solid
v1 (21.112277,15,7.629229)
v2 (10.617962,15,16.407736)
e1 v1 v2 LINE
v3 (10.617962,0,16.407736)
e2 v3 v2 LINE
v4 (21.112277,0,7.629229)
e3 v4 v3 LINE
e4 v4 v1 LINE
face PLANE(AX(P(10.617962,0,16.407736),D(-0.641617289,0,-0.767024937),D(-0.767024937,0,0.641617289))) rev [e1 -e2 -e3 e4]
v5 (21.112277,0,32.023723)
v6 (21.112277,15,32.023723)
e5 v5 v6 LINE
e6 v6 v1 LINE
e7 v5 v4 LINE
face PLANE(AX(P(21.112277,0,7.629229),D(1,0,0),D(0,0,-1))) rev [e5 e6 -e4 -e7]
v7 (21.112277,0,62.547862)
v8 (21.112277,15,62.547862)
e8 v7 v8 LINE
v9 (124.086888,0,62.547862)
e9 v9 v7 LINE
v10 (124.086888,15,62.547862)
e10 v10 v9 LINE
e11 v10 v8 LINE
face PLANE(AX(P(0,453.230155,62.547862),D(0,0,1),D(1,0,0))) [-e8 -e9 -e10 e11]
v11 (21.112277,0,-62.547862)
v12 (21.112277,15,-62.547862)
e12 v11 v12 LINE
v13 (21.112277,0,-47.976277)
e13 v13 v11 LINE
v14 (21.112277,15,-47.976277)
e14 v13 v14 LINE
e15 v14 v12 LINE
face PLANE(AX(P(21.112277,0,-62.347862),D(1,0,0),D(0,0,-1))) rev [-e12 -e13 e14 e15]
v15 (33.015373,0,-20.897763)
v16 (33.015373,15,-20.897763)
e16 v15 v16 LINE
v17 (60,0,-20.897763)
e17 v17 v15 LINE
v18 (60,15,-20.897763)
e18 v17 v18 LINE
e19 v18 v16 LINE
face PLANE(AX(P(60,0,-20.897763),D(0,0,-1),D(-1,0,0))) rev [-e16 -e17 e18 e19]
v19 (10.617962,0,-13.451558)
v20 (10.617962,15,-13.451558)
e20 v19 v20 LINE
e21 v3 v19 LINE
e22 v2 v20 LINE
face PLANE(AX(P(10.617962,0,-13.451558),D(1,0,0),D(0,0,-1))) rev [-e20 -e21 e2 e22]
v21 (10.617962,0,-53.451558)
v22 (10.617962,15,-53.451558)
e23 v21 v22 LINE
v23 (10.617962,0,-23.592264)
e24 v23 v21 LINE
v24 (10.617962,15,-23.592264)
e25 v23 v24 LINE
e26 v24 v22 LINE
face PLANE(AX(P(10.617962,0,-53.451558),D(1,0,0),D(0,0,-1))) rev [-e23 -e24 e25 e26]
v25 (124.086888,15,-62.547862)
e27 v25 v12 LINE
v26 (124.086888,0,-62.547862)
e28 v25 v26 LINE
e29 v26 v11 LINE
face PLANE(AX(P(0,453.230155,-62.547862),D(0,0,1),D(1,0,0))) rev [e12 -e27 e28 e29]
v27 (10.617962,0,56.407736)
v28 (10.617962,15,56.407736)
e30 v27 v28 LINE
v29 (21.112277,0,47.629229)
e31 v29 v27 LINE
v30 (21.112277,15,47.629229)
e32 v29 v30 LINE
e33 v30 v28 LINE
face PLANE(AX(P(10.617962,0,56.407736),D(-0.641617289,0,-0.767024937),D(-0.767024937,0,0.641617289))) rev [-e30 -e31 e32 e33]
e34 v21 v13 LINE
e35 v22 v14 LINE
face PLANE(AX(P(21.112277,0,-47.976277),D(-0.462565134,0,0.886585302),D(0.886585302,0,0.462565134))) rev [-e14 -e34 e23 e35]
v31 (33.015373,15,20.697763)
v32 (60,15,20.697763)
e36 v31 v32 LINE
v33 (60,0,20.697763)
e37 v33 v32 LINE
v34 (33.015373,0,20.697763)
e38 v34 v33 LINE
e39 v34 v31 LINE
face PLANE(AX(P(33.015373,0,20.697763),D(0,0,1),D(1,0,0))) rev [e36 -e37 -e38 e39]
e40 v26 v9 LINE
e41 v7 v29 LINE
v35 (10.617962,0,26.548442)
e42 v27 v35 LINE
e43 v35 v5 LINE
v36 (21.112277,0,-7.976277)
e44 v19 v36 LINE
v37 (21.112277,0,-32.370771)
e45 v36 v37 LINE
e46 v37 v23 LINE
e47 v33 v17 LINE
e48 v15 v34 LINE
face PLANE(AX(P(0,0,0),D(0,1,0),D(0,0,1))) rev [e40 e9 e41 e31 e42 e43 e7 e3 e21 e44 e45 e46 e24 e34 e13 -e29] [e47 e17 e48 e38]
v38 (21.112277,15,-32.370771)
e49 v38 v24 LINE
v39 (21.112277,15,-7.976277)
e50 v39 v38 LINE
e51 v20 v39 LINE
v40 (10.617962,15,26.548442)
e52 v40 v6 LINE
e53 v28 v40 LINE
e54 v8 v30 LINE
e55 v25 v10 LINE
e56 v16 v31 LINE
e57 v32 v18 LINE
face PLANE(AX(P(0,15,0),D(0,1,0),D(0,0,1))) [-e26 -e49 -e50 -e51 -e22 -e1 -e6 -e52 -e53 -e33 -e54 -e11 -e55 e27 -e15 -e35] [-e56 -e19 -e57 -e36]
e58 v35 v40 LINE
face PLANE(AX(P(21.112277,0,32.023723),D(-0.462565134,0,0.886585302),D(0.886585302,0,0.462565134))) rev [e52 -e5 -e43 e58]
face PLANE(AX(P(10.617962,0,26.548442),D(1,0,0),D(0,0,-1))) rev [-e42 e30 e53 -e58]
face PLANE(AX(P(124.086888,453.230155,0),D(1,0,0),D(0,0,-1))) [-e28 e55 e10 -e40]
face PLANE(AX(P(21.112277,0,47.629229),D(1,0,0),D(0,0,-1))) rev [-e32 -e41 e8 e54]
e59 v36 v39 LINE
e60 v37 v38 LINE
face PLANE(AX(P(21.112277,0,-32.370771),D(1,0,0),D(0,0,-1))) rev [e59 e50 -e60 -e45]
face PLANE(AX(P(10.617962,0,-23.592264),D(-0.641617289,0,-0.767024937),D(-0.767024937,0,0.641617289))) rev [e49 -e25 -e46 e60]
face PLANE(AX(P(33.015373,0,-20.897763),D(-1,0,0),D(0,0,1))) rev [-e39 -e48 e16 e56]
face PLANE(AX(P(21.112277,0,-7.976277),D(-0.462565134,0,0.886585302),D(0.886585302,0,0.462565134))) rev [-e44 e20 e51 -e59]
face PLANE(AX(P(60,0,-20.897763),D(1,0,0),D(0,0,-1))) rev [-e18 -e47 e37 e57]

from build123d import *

# Parameters (mm, degrees)
SKETCH1_W           = 280
SKETCH1_H           = 210
BOSS_EXTRUDE1_DEPTH = 15
SKETCH2_R           = 5
BOSS_EXTRUDE2_DEPTH = 50
SKETCH3_W           = 10
SKETCH3_H           = 30
BOSS_EXTRUDE3_DEPTH = 50
SKETCH4_R           = 13
CUT_EXTRUDE1_DEPTH  = 20
SKETCH5_W           = 360.4909063
SKETCH5_H           = 249.182613404
SKETCH5_W_2         = 248.173776912
SKETCH5_H_2         = 125.095724948
CUT_EXTRUDE5_DEPTH  = 15
CUT_EXTRUDE6_START  = -65
SKETCH7_R           = 5
CUT_EXTRUDE6_DEPTH  = 65
SKETCH9_W           = 29.33
SKETCH9_H           = 16.92
CUT_EXTRUDE9_DEPTH  = 148.681383345
SKETCH8_R           = 10.1
CUT_EXTRUDE11_DEPTH = 10
SKETCH11_W          = 17.231524428
SKETCH11_H          = 37.334969593
CUT_EXTRUDE13_DEPTH = 50
SKETCH15_W          = 10
SKETCH15_H          = 50
CUT_EXTRUDE14_DEPTH = 5
SKETCH13_W          = 26.98462743
SKETCH13_H          = 41.59552633
CUT_EXTRUDE17_DEPTH = 140.766916639
CUT_EXTRUDE18_DEPTH = 140.766916639


with BuildPart() as part:
    # Sketch1 → Boss-Extrude1 (new body)
    with BuildSketch(Plane(origin=(0, 0, 0), x_dir=(1, 0, 0), z_dir=(0, 1, 0))):
        Rectangle(SKETCH1_W, SKETCH1_H)
    extrude(amount=BOSS_EXTRUDE1_DEPTH)

    # Sketch2 → Boss-Extrude2 (add)
    with BuildSketch(Plane(origin=(0, 15, 0), x_dir=(1, 0, 0), z_dir=(0, 1, 0))):
        with Locations(Location((-100, 0, 0), (0, 0, 270))):
            Circle(SKETCH2_R)
        with Locations(Location((-100, 45, 0), (0, 0, 270))):
            Circle(SKETCH2_R)
        with Locations(Location((-100, -45, 0), (0, 0, 270))):
            Circle(SKETCH2_R)
    extrude(amount=BOSS_EXTRUDE2_DEPTH)

    # Sketch3 → Boss-Extrude3 (add)
    with BuildSketch(Plane(origin=(0, 15, 0), x_dir=(1, 0, 0), z_dir=(0, 1, 0))):
        Rectangle(SKETCH3_W, SKETCH3_H)
    extrude(amount=BOSS_EXTRUDE3_DEPTH)

    # Sketch4 → Cut-Extrude1 (cut)
    with BuildSketch(Plane(origin=(5, 0, 0), x_dir=(0, 0, -1), z_dir=(1, 0, 0))):
        with Locations((0, 41.236240869)):
            Circle(SKETCH4_R)
    extrude(amount=-CUT_EXTRUDE1_DEPTH, mode=Mode.SUBTRACT)

    # Sketch5 → Cut-Extrude5 (cut)
    with BuildSketch(Plane(origin=(0, 0, 0), x_dir=(1, 0, 0), z_dir=(0, 1, 0))):
        with Locations((1.345115322, -3.19464889)):
            Rectangle(SKETCH5_W, SKETCH5_H)
        Rectangle(SKETCH5_W_2, SKETCH5_H_2, mode=Mode.SUBTRACT)
    extrude(amount=CUT_EXTRUDE5_DEPTH, mode=Mode.SUBTRACT)

    # Sketch7 → Cut-Extrude6 (cut)
    with BuildSketch(Plane(origin=(0, 65, 0), x_dir=(1, 0, 0), z_dir=(0, 1, 0)).offset(CUT_EXTRUDE6_START)):
        with Locations(Location((-100, 45, 0), (0, 0, 270))):
            Circle(SKETCH7_R)
        with Locations(Location((-100, 0, 0), (0, 0, 270))):
            Circle(SKETCH7_R)
        with Locations(Location((-100, -45, 0), (0, 0, 270))):
            Circle(SKETCH7_R)
    extrude(amount=CUT_EXTRUDE6_DEPTH, mode=Mode.SUBTRACT)

    # Sketch9 → Cut-Extrude9 (cut, through all)
    with BuildSketch(Plane(origin=(0, 15, 0), x_dir=(1, 0, 0), z_dir=(0, 1, 0))):
        with Locations((-48.397782089, 47.087862474)):
            Rectangle(SKETCH9_W, SKETCH9_H)
    extrude(amount=-CUT_EXTRUDE9_DEPTH, mode=Mode.SUBTRACT)

    # Sketch8 → Cut-Extrude11 (cut)
    with BuildSketch(Plane.XZ):
        with Locations(Location((-100, 45, 0), (0, 0, 270))):
            Circle(SKETCH8_R)
        with Locations(Location((-100, 0, 0), (0, 0, 270))):
            Circle(SKETCH8_R)
        with Locations(Location((-100, -45, 0), (0, 0, 270))):
            Circle(SKETCH8_R)
    extrude(amount=-CUT_EXTRUDE11_DEPTH, mode=Mode.SUBTRACT)

    # Sketch11 → Cut-Extrude13 (cut)
    with BuildSketch(Plane(origin=(0, 65, 0), x_dir=(1, 0, 0), z_dir=(0, 1, 0))):
        with Locations((-3.002833284, 0.13632265)):
            Rectangle(SKETCH11_W, SKETCH11_H)
    extrude(amount=-CUT_EXTRUDE13_DEPTH, mode=Mode.SUBTRACT)

    # Sketch15 → Cut-Extrude14 (cut)
    with BuildSketch(Plane(origin=(0, 15, 0), x_dir=(1, 0, 0), z_dir=(0, 1, 0))):
        with Locations((-75, 0)):
            Rectangle(SKETCH15_W, SKETCH15_H)
    extrude(amount=-CUT_EXTRUDE14_DEPTH, mode=Mode.SUBTRACT)

    # Sketch13 → Cut-Extrude17 (cut, through all)
    with BuildSketch(Plane(origin=(0, 15, 0), x_dir=(1, 0, 0), z_dir=(0, 1, 0))):
        with Locations((46.507686285, 0.099999998)):
            Rectangle(SKETCH13_W, SKETCH13_H)
        with Locations((-56.507686285, 0.099999998)):
            Rectangle(SKETCH13_W, SKETCH13_H)
    extrude(amount=-CUT_EXTRUDE17_DEPTH, mode=Mode.SUBTRACT)

    # Sketch10 → Cut-Extrude18 (cut, through all)
    with BuildSketch(Plane(origin=(0, 15, 0), x_dir=(1, 0, 0), z_dir=(0, 1, 0))):
        Polygon((10.617962241, 13.45155831), (10.617962241, -16.40773575), (21.11227659, -7.629229077), (21.11227659, -32.023722987), (10.617962241, -26.54844169), (10.617962241, -56.40773575), (21.11227659, -47.629229077), (21.11227659, -62.347862477), (21.11227659, -67.048787633), (-140.704260322, -76.023181518), (-140.704260322, 77.849476584), (21.11227659, 83.143957129), (21.11227659, 62.347862473), (21.11227659, 47.976277013), (10.617962241, 53.45155831), (10.617962241, 23.59226425), (21.11227659, 32.370770923), (21.11227659, 7.976277013), align=None)
    extrude(amount=-CUT_EXTRUDE18_DEPTH, mode=Mode.SUBTRACT)


solid = part.part
